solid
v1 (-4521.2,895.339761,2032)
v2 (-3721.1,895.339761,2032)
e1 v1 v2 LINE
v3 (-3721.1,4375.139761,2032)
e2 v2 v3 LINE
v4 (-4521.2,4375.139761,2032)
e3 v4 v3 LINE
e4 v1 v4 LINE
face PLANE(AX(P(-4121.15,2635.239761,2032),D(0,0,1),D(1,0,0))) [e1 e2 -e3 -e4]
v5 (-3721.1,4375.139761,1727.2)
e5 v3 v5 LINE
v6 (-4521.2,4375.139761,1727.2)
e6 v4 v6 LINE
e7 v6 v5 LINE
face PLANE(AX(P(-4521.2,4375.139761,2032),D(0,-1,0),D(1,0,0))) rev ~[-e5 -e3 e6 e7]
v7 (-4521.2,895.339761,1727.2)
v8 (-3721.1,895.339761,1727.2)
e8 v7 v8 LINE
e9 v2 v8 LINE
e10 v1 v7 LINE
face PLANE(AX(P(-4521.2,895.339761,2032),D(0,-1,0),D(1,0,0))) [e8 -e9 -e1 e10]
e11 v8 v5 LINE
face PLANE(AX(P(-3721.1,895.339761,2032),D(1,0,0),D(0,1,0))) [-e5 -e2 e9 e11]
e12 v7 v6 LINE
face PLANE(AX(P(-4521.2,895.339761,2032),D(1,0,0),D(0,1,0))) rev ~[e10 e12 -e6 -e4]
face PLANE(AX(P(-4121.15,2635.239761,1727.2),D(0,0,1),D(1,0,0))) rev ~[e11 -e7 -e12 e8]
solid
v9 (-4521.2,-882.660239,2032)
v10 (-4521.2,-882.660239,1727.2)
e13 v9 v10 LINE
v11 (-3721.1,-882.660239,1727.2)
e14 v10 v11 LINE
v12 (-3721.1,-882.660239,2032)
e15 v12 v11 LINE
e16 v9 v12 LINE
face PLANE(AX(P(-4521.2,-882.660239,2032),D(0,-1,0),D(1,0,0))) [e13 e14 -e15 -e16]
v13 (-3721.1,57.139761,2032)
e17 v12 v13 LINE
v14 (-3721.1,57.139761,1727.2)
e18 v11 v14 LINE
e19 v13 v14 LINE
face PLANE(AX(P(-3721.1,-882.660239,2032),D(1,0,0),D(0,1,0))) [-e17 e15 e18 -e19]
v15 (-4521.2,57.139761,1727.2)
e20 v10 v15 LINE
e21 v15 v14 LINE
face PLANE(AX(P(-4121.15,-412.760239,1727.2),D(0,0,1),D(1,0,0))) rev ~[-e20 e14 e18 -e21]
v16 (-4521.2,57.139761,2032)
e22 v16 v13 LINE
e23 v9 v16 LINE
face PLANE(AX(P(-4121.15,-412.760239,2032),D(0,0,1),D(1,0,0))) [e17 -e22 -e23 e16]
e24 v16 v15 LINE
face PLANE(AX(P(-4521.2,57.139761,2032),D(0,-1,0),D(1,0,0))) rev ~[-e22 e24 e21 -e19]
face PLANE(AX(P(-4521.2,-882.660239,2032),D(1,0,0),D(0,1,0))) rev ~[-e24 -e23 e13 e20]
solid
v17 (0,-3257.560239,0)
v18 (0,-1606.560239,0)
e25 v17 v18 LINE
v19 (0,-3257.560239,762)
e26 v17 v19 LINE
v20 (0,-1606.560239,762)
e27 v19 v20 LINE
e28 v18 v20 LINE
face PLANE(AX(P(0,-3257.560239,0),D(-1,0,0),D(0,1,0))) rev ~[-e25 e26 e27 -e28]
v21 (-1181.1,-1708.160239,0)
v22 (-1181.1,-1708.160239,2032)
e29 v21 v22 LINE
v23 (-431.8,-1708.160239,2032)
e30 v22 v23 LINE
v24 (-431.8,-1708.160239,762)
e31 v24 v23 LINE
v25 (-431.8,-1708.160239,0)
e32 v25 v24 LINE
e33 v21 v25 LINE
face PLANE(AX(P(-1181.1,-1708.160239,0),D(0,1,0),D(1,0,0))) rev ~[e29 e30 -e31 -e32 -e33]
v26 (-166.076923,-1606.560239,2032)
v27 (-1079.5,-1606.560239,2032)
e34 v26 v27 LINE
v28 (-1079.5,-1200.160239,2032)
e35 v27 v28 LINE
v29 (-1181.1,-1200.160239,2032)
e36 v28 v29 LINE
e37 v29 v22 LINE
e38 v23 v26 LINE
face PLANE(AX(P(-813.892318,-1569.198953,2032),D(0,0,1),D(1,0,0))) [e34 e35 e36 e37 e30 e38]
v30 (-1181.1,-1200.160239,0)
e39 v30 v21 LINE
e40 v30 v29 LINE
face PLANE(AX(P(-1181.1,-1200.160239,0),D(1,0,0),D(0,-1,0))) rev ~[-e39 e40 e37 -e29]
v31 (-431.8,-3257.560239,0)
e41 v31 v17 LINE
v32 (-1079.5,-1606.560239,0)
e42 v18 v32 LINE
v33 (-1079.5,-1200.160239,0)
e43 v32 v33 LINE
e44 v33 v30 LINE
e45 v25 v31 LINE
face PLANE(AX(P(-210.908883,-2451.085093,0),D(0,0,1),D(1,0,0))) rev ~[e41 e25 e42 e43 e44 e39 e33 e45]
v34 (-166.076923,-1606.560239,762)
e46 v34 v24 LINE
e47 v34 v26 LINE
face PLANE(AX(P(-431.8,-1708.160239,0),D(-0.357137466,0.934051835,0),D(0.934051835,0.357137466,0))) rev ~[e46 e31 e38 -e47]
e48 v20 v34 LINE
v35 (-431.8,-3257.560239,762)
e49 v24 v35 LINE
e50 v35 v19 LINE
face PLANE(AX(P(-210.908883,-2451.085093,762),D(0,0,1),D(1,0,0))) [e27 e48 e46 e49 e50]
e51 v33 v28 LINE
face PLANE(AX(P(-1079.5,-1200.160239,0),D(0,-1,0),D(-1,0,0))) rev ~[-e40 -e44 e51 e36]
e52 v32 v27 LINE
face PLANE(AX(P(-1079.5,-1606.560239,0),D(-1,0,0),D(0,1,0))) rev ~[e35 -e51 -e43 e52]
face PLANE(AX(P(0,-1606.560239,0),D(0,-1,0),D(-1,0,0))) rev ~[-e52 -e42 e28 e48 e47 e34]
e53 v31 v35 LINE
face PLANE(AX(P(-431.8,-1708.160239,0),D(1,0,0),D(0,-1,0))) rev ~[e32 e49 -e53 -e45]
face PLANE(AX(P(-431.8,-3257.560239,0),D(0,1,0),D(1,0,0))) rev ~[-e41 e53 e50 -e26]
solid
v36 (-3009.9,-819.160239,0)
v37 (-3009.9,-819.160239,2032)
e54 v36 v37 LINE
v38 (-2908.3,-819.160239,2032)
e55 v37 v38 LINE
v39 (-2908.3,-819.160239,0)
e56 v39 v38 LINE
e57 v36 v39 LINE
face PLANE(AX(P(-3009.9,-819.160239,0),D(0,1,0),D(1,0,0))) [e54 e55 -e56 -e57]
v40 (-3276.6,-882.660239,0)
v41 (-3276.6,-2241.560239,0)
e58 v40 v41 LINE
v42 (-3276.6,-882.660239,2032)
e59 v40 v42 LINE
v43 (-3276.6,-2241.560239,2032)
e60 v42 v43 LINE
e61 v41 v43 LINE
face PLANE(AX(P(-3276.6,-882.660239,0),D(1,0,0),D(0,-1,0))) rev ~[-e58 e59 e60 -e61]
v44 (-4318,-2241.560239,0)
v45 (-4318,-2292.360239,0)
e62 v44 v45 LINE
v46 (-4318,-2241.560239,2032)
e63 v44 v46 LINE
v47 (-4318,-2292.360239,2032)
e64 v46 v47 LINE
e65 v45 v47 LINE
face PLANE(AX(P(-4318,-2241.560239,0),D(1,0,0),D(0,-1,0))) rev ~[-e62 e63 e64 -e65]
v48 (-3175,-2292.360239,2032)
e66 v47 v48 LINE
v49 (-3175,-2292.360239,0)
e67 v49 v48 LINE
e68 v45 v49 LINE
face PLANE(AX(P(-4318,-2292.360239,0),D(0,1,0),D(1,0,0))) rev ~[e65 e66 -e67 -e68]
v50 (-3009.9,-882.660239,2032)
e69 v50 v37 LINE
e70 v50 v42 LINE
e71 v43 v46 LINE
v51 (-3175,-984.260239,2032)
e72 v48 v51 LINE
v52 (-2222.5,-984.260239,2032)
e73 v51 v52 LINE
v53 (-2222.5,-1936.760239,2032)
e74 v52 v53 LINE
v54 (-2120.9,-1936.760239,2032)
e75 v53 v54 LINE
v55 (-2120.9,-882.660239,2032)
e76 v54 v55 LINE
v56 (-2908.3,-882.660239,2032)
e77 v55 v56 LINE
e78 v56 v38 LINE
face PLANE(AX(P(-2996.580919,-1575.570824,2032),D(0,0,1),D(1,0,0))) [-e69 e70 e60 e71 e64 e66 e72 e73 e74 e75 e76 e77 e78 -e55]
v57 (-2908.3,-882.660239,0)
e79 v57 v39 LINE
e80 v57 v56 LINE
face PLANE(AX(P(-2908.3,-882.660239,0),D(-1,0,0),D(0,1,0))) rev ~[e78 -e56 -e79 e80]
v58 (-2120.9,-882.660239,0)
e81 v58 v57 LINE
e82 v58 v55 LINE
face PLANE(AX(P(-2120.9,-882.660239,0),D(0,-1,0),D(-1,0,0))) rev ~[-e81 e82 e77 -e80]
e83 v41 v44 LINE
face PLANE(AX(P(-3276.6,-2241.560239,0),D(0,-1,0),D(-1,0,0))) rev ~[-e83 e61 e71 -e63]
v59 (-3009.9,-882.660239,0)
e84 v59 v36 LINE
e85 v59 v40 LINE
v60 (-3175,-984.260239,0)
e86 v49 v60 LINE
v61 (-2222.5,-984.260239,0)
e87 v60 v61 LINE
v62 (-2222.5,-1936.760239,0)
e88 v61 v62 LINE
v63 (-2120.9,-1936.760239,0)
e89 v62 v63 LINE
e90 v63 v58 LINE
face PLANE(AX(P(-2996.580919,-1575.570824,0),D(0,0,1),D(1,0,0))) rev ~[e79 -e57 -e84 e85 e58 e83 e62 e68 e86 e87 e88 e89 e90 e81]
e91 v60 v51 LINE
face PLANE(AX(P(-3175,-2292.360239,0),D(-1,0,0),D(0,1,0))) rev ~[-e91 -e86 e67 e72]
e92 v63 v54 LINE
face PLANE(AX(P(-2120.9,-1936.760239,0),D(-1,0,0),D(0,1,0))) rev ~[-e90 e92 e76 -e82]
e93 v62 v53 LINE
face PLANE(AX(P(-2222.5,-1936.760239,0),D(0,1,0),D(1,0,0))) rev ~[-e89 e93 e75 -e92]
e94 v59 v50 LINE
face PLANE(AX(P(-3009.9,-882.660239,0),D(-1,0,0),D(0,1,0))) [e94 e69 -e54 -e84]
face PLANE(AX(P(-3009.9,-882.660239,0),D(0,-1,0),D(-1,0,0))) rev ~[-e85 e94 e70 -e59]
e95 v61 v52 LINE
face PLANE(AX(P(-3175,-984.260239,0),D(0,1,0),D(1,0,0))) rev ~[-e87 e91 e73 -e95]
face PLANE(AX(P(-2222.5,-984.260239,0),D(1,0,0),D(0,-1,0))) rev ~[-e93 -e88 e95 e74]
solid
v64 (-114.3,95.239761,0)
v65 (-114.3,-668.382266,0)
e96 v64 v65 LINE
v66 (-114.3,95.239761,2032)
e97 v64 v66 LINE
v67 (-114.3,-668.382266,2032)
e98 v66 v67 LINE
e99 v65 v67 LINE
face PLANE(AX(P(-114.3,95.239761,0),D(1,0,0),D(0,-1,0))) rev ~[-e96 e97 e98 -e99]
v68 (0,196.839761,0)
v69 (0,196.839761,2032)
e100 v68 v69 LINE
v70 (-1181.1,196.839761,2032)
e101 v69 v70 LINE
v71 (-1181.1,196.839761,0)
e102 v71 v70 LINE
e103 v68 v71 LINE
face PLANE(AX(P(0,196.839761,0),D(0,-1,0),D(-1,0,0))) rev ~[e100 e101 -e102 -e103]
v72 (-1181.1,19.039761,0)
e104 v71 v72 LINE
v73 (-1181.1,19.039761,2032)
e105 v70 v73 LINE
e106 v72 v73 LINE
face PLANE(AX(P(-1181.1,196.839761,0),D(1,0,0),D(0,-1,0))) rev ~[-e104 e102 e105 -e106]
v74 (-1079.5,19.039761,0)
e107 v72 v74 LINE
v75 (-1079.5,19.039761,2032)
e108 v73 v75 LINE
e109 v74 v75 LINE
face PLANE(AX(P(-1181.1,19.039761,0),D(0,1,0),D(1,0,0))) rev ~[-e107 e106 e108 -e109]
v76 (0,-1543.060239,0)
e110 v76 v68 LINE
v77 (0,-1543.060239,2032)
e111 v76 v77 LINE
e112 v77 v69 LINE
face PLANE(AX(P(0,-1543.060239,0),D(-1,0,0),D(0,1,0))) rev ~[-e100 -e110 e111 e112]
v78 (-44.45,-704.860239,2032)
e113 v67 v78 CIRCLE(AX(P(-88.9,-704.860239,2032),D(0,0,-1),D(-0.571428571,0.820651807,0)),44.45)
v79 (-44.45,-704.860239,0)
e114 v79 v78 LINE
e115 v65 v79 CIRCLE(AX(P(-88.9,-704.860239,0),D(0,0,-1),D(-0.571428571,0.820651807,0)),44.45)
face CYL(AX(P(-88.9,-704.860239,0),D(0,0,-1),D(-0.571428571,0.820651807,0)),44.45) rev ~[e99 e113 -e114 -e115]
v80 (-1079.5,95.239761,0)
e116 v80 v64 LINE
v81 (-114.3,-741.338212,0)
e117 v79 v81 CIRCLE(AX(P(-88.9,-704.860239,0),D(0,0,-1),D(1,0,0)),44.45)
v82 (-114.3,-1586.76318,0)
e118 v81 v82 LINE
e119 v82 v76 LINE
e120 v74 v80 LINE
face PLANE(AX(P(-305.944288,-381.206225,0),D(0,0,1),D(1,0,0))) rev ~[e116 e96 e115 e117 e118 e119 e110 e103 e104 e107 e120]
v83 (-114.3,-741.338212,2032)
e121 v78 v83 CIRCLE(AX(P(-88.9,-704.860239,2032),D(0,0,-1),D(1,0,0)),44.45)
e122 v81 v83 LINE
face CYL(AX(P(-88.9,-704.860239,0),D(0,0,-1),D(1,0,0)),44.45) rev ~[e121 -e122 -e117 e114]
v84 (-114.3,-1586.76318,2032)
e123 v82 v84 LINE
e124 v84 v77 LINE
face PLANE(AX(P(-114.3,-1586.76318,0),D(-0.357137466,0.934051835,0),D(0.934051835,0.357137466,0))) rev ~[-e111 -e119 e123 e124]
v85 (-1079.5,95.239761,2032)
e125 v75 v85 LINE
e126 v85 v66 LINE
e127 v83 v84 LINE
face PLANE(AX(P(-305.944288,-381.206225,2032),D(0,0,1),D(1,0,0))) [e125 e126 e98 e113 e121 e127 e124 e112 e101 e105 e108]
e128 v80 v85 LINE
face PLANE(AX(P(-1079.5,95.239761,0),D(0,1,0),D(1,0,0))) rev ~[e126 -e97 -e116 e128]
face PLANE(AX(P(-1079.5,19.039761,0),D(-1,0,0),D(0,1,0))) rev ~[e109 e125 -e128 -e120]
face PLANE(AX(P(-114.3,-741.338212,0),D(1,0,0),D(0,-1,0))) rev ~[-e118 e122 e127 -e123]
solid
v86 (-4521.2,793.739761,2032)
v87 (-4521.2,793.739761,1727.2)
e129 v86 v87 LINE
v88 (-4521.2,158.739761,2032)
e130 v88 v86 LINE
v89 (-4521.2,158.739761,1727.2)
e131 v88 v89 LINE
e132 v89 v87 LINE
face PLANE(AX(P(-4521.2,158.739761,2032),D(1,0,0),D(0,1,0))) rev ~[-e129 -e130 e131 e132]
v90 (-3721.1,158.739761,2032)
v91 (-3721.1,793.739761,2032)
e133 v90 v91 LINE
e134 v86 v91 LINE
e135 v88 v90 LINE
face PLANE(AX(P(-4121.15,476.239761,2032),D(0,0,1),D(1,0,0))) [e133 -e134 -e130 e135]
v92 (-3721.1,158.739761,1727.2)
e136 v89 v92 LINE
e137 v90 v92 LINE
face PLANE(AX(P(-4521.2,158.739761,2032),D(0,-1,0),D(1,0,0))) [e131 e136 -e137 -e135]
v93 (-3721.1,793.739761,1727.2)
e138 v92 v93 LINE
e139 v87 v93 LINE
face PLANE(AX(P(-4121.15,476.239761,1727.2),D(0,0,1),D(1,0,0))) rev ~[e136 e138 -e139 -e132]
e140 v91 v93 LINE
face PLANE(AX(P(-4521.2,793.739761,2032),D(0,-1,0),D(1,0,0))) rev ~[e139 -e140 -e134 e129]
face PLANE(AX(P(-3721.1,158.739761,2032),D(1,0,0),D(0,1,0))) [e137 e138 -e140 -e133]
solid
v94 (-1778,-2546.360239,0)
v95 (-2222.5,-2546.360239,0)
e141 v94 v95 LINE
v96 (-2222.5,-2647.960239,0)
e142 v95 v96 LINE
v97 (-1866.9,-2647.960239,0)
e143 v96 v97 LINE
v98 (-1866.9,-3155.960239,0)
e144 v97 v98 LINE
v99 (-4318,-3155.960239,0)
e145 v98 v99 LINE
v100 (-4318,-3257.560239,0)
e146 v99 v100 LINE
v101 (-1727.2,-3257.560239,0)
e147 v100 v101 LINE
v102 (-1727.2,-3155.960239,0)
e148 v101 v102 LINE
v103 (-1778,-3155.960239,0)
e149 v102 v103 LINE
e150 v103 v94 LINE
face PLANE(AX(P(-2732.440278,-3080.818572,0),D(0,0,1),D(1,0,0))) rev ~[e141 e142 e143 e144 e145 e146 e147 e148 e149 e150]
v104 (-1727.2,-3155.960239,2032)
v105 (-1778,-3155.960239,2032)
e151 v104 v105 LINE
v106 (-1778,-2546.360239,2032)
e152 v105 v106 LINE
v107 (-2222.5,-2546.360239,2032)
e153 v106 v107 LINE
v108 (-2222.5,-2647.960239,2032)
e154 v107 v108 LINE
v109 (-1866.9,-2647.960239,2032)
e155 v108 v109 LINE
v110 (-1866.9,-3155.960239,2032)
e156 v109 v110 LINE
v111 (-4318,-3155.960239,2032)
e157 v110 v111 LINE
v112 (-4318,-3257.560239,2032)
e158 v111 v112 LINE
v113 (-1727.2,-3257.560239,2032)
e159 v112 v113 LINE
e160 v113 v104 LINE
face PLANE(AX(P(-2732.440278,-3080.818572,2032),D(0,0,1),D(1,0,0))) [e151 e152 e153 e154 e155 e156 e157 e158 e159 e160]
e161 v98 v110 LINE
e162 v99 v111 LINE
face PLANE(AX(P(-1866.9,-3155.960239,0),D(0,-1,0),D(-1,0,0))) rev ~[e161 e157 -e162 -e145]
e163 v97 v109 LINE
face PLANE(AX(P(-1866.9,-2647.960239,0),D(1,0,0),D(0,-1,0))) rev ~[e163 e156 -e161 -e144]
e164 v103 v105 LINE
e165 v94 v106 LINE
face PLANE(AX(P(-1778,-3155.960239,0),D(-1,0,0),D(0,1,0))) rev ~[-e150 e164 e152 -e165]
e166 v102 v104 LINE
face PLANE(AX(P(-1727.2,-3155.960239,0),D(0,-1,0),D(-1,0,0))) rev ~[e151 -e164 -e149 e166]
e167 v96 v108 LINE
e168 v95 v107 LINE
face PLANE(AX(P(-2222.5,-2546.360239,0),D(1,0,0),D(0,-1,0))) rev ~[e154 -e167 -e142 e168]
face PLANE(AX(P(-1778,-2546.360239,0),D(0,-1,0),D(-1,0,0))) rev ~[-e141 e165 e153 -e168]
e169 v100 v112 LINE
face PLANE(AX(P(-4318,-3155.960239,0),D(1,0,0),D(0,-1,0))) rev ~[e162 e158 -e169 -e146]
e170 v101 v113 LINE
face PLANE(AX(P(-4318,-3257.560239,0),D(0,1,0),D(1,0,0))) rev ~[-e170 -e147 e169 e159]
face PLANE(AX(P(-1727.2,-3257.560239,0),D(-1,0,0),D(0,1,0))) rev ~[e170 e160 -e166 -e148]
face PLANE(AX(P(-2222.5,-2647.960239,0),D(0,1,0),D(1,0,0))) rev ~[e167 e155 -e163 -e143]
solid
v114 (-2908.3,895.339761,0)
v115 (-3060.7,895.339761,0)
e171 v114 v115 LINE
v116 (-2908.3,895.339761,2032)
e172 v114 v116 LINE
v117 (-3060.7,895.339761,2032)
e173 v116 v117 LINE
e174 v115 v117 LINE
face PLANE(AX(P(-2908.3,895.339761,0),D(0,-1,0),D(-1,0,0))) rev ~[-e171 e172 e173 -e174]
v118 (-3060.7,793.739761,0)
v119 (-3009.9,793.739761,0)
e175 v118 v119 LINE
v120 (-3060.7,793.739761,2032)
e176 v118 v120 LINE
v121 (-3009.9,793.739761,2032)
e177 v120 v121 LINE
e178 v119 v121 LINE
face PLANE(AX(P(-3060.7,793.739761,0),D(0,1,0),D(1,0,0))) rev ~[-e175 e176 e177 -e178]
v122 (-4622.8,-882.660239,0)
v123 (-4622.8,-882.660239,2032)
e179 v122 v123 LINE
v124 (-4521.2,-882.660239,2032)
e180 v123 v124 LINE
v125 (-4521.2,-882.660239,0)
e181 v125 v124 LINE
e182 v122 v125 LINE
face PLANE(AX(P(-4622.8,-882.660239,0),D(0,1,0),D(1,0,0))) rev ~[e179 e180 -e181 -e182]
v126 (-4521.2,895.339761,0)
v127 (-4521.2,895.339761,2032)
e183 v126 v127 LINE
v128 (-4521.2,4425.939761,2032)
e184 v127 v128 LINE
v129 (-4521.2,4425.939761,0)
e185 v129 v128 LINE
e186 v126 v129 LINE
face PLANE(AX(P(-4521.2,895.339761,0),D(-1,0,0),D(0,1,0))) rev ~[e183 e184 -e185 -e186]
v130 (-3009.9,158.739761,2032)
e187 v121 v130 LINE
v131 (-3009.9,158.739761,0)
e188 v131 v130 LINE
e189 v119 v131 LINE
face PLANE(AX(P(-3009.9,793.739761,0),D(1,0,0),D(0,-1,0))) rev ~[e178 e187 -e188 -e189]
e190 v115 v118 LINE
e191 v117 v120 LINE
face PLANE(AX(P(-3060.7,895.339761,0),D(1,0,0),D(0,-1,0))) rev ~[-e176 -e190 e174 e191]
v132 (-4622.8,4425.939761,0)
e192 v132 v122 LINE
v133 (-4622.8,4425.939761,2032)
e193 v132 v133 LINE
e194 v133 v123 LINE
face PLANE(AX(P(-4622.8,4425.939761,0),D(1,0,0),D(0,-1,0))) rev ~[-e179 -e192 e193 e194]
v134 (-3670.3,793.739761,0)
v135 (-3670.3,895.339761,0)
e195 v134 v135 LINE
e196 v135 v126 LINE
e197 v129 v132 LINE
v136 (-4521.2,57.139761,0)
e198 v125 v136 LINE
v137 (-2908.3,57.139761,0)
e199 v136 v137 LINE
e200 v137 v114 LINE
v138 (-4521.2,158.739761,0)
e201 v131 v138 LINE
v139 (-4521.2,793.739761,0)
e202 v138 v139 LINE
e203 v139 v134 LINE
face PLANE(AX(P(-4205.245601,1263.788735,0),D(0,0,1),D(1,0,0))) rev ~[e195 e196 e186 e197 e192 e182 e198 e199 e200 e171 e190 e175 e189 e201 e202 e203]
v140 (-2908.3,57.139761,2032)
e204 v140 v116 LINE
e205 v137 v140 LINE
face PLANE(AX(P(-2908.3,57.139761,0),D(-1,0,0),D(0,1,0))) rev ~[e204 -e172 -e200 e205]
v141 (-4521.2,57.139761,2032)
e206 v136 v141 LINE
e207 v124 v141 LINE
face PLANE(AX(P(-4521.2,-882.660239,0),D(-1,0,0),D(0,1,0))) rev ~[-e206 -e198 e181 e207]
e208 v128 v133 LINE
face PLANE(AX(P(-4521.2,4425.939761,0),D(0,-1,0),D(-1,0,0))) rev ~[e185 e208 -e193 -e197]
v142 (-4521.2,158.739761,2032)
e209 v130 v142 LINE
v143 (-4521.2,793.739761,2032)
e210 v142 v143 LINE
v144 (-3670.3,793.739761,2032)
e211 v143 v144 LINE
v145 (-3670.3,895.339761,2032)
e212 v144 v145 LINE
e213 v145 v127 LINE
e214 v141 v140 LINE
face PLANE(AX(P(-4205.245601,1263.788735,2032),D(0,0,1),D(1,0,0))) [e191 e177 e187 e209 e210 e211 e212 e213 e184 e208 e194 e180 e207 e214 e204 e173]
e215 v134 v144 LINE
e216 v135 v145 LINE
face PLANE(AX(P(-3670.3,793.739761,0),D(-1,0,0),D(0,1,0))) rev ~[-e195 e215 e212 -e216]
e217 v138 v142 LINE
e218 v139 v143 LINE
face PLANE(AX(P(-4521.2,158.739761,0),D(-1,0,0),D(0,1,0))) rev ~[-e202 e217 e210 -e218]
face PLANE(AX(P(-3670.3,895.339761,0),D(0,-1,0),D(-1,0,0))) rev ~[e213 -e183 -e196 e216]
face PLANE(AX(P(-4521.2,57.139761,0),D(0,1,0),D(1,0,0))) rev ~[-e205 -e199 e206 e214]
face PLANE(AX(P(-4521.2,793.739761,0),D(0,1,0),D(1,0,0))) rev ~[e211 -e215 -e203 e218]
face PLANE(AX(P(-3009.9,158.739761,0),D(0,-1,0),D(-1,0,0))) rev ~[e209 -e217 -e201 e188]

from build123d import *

# Parameters (mm, degrees)
F1_DEPTH = 2032
F0_W     = 101.6
F0_H     = 63.5
F2_W     = 800.1
F2_H     = 3479.8
F3_DEPTH = 304.8
F2_H_2   = 635
F2_H_3   = 939.8
F4_DEPTH = 762


with BuildPart() as f1:
    # F0 (on Top) → F1 (new body)
    with BuildSketch(Plane.XY):
        with BuildLine():
            Line((0, 196.8397610903), (-1181.1, 196.8397610903))
            Line((-1181.1, 196.8397610903), (-1181.1, 95.2397610903))
            Line((-1181.1, 95.2397610903), (-1181.1, 19.0397610903))
            Line((-1181.1, 19.0397610903), (-1079.5, 19.0397610903))
            Line((-1079.5, 19.0397610903), (-1079.5, 95.2397610903))
            Line((-1079.5, 95.2397610903), (-114.3, 95.2397610903))
            Line((-114.3, 95.2397610903), (-114.3, -631.3678622246))
            Line((-114.3, -631.3678622246), (-114.3, -668.3822661042))
            ThreePointArc((-114.3, -668.3822661042), (-68.3236482826, -665.4595250837), (-44.45, -704.8602389097))
            ThreePointArc((-44.45, -704.8602389097), (-68.3236482826, -744.2609527357), (-114.3, -741.3382117152))
            Line((-114.3, -741.3382117152), (-114.3, -1586.7631800862))
            Line((-114.3, -1586.7631800862), (0, -1543.0602389097))
            Line((0, -1543.0602389097), (0, 95.2397610903))
            Line((0, 95.2397610903), (0, 196.8397610903))
        make_face()
    extrude(amount=F1_DEPTH)


with BuildPart() as f1b:
    # F0 (on Top) → F1, piece 2 (new body)
    with BuildSketch(Plane.XY):
        Polygon((-431.8, -1708.1602389097), (-166.0769230769, -1606.5602389097), (-1079.5, -1606.5602389097), (-1079.5, -1403.3602389097), (-1079.5, -1200.1602389097), (-1181.1, -1200.1602389097), (-1181.1, -1403.3602389097), (-1181.1, -1708.1602389097), align=None)
    extrude(amount=F1_DEPTH)

    # F0 (on Top) → F4 (join)
    with BuildSketch(Plane.XY):
        Polygon((0, -1695.4602389097), (0, -1606.5602389097), (-114.3, -1606.5602389097), (-166.0769230769, -1606.5602389097), (-431.8, -1708.1602389097), (-431.8, -3257.5602389097), (0, -3257.5602389097), align=None)
    extrude(amount=F4_DEPTH)


with BuildPart() as f1c:
    # F0 (on Top) → F1, piece 3 (new body)
    with BuildSketch(Plane.XY):
        Polygon((-4318, -2241.5602389097), (-4318, -2292.3602389097), (-4127.5, -2292.3602389097), (-3175, -2292.3602389097), (-3175, -2241.5602389097), (-3175, -984.2602389097), (-2222.5, -984.2602389097), (-2222.5, -1936.7602389097), (-2120.9, -1936.7602389097), (-2120.9, -882.6602389097), (-2908.3, -882.6602389097), (-3009.9, -882.6602389097), (-3276.6, -882.6602389097), (-3276.6, -2241.5602389097), (-4127.5, -2241.5602389097), align=None)
        with Locations((-2959.1, -850.9102389097)):
            Rectangle(F0_W, F0_H)
    extrude(amount=F1_DEPTH)


with BuildPart() as f1d:
    # F0 (on Top) → F1, piece 4 (new body)
    with BuildSketch(Plane.XY):
        Polygon((-4127.5, -3257.5602389097), (-1727.2, -3257.5602389097), (-1727.2, -3192.6818602324), (-1727.2, -3155.9602389097), (-1778, -3155.9602389097), (-1778, -2546.3602389097), (-1866.9, -2546.3602389097), (-2038.0726083756, -2546.3602389097), (-2120.9, -2546.3602389097), (-2222.5, -2546.3602389097), (-2222.5, -2647.9602389097), (-2038.0726083756, -2647.9602389097), (-1866.9, -2647.9602389097), (-1866.9, -3155.9602389097), (-4127.5, -3155.9602389097), (-4318, -3155.9602389097), (-4318, -3257.5602389097), align=None)
    extrude(amount=F1_DEPTH)


with BuildPart() as f1e:
    # F0 (on Top) → F1, piece 5 (new body)
    with BuildSketch(Plane.XY):
        Polygon((-4622.8, 578.4776806831), (-4622.8, -882.6602389097), (-4521.2, -882.6602389097), (-4521.2, 57.1397610903), (-3276.6, 57.1397610903), (-3009.9, 57.1397610903), (-2908.3, 57.1397610903), (-2908.3, 158.7397610903), (-2908.3, 895.3397610903), (-3009.9, 895.3397610903), (-3060.7, 895.3397610903), (-3060.7, 793.7397610903), (-3009.9, 793.7397610903), (-3009.9, 158.7397610903), (-3111.5, 158.7397610903), (-4521.2, 158.7397610903), (-4521.2, 793.7397610903), (-3670.3, 793.7397610903), (-3670.3, 895.3397610903), (-4521.2, 895.3397610903), (-4521.2, 4425.9397610903), (-4622.8, 4425.9397610903), align=None)
    extrude(amount=F1_DEPTH)


with BuildPart() as f3:
    # F2 (on face) → F3 (new body)
    with BuildSketch(Plane.XY.offset(2032)):
        with Locations((-4121.15, 2635.2397610903)):
            Rectangle(F2_W, F2_H)
    extrude(amount=-F3_DEPTH)


with BuildPart() as f3b:
    # F2 (on face) → F3, piece 2 (new body)
    with BuildSketch(Plane.XY.offset(2032)):
        with Locations((-4121.15, 476.2397610903)):
            Rectangle(F2_W, F2_H_2)
    extrude(amount=-F3_DEPTH)


with BuildPart() as f3c:
    # F2 (on face) → F3, piece 3 (new body)
    with BuildSketch(Plane.XY.offset(2032)):
        with Locations((-4121.15, -412.7602389097)):
            Rectangle(F2_W, F2_H_3)
    extrude(amount=-F3_DEPTH)


solid = Compound([f1.part, f1b.part, f1c.part, f1d.part, f1e.part, f3.part, f3b.part, f3c.part])
